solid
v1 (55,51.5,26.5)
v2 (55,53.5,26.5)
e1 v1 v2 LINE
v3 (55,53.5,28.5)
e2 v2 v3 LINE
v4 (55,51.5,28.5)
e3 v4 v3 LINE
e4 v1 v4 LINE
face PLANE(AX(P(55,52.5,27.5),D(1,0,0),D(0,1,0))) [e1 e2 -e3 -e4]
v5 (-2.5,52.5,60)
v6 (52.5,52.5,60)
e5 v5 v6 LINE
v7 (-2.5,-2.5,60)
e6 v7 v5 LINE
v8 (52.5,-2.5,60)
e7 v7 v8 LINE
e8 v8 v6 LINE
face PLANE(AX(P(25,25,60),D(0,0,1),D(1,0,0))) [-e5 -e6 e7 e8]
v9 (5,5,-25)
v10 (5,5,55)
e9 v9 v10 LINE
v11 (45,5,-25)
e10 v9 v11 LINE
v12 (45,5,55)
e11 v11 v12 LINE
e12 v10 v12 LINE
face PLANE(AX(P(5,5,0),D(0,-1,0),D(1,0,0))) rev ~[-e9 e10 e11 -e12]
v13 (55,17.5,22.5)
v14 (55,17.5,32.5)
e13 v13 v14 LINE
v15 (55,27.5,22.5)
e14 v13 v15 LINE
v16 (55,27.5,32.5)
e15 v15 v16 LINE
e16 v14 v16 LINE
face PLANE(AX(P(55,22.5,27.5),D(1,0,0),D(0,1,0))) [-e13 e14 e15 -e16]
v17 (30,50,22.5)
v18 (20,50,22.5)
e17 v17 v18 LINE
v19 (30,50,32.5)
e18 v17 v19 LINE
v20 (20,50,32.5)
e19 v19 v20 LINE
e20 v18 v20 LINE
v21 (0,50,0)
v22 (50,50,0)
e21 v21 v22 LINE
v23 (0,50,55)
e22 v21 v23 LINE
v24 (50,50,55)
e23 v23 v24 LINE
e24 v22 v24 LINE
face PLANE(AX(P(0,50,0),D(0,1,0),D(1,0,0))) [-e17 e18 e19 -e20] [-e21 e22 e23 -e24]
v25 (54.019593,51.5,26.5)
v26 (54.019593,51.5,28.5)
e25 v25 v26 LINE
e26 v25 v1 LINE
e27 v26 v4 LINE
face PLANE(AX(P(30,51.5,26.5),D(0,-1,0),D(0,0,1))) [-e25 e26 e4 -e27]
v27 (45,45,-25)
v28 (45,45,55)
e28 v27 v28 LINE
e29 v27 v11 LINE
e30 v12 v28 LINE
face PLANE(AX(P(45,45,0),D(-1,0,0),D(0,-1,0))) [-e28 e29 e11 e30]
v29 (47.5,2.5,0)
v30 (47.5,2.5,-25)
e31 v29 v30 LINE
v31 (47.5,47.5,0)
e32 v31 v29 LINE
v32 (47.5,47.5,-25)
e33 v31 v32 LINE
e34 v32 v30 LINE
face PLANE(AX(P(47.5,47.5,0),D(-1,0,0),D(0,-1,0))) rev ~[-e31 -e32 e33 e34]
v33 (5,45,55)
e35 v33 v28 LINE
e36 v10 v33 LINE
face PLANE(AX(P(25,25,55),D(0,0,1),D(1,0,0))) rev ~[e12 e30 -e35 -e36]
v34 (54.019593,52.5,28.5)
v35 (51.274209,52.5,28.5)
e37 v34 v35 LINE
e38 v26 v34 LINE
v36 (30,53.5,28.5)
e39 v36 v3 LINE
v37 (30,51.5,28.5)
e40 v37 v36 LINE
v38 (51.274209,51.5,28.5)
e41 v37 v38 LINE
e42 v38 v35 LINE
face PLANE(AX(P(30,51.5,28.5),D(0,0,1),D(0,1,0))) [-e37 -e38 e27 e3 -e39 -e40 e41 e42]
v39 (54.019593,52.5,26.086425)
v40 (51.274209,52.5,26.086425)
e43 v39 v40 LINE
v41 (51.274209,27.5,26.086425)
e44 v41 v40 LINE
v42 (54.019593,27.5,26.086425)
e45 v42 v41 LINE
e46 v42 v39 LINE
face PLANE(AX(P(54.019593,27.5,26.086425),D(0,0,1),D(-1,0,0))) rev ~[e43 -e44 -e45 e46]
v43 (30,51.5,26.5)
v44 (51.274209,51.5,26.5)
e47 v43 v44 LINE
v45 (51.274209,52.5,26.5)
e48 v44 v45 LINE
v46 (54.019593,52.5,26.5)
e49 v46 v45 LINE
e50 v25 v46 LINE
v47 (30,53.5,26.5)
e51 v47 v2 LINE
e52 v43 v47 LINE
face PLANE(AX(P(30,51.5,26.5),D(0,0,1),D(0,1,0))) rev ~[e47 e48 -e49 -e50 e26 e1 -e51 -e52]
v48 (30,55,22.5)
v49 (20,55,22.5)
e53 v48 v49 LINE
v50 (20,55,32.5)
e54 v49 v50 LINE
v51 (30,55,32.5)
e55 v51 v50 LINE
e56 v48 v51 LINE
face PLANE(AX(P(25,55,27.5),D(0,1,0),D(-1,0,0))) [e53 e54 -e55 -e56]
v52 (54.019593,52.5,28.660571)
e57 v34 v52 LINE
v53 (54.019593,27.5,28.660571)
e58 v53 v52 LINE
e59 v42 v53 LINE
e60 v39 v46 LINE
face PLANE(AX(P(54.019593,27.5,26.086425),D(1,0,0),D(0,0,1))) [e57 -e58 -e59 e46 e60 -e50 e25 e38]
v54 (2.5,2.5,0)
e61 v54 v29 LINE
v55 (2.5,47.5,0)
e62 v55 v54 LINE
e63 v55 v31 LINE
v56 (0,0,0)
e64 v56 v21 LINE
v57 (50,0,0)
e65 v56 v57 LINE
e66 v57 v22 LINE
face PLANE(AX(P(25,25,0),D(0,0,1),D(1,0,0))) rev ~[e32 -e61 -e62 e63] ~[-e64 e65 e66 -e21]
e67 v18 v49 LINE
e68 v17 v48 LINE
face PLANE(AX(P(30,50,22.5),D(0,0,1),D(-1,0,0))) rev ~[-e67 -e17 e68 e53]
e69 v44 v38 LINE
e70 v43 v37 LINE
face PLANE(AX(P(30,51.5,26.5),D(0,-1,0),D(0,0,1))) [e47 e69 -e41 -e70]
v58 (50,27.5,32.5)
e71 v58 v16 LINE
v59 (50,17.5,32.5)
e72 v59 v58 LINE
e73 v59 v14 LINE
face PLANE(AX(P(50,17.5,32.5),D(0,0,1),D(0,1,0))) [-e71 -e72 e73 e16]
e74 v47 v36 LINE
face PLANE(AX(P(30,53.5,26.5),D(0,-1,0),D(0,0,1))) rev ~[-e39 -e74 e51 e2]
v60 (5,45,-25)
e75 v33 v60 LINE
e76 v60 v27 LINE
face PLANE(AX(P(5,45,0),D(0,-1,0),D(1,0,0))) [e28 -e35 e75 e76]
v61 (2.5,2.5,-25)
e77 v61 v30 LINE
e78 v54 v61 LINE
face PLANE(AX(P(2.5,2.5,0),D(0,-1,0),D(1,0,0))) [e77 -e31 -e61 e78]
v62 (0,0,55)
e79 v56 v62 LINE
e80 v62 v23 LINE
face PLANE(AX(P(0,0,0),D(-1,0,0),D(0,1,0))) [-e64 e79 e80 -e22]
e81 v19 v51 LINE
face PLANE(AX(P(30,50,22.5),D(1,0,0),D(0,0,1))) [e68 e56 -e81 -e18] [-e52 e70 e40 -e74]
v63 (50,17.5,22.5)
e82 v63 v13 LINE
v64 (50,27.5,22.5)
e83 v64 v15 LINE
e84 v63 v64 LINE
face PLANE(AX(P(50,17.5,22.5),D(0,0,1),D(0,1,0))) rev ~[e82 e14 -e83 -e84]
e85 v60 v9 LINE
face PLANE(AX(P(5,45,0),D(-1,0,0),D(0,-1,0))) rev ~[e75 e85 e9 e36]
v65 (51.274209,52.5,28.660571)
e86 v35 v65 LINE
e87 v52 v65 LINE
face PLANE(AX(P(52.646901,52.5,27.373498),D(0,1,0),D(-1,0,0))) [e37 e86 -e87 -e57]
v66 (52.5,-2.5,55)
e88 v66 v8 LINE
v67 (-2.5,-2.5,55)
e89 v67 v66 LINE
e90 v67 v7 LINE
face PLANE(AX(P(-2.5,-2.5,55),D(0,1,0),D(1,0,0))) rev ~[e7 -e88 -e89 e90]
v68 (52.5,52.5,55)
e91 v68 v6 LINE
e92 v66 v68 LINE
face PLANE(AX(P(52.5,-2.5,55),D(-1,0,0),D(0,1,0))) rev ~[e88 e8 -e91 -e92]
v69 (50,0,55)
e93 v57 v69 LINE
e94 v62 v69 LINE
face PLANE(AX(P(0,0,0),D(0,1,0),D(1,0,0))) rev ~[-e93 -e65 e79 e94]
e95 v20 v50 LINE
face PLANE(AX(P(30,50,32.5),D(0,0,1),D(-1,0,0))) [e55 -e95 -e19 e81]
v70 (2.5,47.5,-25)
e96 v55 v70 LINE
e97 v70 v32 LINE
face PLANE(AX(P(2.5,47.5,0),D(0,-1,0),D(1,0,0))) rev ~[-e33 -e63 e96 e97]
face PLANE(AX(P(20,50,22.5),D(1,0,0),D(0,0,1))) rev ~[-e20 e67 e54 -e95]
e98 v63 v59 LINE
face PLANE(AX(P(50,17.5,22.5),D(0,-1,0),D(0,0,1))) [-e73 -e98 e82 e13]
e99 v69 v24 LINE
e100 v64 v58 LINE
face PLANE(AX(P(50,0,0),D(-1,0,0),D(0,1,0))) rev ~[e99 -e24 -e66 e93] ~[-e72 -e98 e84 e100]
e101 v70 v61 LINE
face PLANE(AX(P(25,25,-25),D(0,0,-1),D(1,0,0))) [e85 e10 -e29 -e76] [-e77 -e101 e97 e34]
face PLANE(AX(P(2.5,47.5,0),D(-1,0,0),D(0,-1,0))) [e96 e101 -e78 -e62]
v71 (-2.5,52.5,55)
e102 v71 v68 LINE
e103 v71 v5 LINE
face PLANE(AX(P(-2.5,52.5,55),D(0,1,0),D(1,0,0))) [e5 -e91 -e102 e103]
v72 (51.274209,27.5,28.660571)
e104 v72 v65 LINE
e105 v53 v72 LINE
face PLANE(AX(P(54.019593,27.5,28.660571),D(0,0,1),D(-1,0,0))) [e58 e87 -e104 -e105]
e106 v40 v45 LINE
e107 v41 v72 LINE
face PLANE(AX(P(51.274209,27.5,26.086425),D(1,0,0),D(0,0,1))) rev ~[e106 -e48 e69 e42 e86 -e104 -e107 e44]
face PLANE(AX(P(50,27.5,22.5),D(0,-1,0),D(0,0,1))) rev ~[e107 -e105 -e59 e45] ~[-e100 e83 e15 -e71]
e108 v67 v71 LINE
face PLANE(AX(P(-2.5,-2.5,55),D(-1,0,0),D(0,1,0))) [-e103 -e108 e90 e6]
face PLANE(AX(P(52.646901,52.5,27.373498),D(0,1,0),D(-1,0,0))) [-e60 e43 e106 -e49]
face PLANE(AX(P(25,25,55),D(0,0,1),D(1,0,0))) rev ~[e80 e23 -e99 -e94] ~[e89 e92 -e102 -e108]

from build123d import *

# Parameters (mm, degrees)
F0_W      = 50
F0_H      = 50
F0_W_2    = 40
F0_H_2    = 40
F1_DEPTH  = 55
F2_W      = 55
F2_H      = 55
F3_DEPTH  = 5
F4_W      = 45
F4_H      = 45
F4_W_2    = 40
F4_H_2    = 40
F5_DEPTH  = 25
F6_W      = 10
F6_H      = 10
F7_DEPTH  = 5
F8_W      = 2
F8_H      = 2
F9_DEPTH  = 25
F11_W     = 10
F11_H     = 10
F12_DEPTH = 5
F13_W     = 2.745383
F13_H     = 2.574146
F14_DEPTH = 25


with BuildPart() as f1:
    # F0 (on Top) → F1 (new body)
    with BuildSketch(Plane.XY):
        with Locations((25, 25)):
            Rectangle(F0_W, F0_H)
        with Locations((25, 25)):
            Rectangle(F0_W_2, F0_H_2, mode=Mode.SUBTRACT)
    extrude(amount=F1_DEPTH)

    # F2 (on face) → F3 (join)
    with BuildSketch(Plane.XY.offset(55)):
        with Locations((25, 25)):
            Rectangle(F2_W, F2_H)
    extrude(amount=F3_DEPTH)

    # F4 (on face) → F5 (join)
    with BuildSketch(Plane(origin=(0, 0, 0), x_dir=(1, 0, 0), z_dir=(0, 0, -1))):
        with Locations((25, -25)):
            Rectangle(F4_W, F4_H)
        with Locations((25, -25)):
            Rectangle(F4_W_2, F4_H_2, mode=Mode.SUBTRACT)
    extrude(amount=F5_DEPTH)

    # F6 (on face) → F7 (join)
    with BuildSketch(Plane(origin=(0, 50, 0), x_dir=(-1, 0, 0), z_dir=(0, 1, 0))):
        with Locations((-25, 27.5)):
            Rectangle(F6_W, F6_H)
    extrude(amount=F7_DEPTH)

    # F8 (on face) → F9 (join)
    with BuildSketch(Plane.YZ.offset(30)):
        with Locations((52.5, 27.5)):
            Rectangle(F8_W, F8_H)
    extrude(amount=F9_DEPTH)

    # F11 (on face) → F12 (join)
    with BuildSketch(Plane.YZ.offset(50)):
        with Locations((22.5, 27.5)):
            Rectangle(F11_W, F11_H)
    extrude(amount=F12_DEPTH)

    # F13 (on face) → F14 (join)
    with BuildSketch(Plane(origin=(0, 27.5, 0), x_dir=(-1, 0, 0), z_dir=(0, 1, 0))):
        with Locations((-52.646901, 27.373498)):
            Rectangle(F13_W, F13_H)
    extrude(amount=F14_DEPTH)


solid = f1.part
